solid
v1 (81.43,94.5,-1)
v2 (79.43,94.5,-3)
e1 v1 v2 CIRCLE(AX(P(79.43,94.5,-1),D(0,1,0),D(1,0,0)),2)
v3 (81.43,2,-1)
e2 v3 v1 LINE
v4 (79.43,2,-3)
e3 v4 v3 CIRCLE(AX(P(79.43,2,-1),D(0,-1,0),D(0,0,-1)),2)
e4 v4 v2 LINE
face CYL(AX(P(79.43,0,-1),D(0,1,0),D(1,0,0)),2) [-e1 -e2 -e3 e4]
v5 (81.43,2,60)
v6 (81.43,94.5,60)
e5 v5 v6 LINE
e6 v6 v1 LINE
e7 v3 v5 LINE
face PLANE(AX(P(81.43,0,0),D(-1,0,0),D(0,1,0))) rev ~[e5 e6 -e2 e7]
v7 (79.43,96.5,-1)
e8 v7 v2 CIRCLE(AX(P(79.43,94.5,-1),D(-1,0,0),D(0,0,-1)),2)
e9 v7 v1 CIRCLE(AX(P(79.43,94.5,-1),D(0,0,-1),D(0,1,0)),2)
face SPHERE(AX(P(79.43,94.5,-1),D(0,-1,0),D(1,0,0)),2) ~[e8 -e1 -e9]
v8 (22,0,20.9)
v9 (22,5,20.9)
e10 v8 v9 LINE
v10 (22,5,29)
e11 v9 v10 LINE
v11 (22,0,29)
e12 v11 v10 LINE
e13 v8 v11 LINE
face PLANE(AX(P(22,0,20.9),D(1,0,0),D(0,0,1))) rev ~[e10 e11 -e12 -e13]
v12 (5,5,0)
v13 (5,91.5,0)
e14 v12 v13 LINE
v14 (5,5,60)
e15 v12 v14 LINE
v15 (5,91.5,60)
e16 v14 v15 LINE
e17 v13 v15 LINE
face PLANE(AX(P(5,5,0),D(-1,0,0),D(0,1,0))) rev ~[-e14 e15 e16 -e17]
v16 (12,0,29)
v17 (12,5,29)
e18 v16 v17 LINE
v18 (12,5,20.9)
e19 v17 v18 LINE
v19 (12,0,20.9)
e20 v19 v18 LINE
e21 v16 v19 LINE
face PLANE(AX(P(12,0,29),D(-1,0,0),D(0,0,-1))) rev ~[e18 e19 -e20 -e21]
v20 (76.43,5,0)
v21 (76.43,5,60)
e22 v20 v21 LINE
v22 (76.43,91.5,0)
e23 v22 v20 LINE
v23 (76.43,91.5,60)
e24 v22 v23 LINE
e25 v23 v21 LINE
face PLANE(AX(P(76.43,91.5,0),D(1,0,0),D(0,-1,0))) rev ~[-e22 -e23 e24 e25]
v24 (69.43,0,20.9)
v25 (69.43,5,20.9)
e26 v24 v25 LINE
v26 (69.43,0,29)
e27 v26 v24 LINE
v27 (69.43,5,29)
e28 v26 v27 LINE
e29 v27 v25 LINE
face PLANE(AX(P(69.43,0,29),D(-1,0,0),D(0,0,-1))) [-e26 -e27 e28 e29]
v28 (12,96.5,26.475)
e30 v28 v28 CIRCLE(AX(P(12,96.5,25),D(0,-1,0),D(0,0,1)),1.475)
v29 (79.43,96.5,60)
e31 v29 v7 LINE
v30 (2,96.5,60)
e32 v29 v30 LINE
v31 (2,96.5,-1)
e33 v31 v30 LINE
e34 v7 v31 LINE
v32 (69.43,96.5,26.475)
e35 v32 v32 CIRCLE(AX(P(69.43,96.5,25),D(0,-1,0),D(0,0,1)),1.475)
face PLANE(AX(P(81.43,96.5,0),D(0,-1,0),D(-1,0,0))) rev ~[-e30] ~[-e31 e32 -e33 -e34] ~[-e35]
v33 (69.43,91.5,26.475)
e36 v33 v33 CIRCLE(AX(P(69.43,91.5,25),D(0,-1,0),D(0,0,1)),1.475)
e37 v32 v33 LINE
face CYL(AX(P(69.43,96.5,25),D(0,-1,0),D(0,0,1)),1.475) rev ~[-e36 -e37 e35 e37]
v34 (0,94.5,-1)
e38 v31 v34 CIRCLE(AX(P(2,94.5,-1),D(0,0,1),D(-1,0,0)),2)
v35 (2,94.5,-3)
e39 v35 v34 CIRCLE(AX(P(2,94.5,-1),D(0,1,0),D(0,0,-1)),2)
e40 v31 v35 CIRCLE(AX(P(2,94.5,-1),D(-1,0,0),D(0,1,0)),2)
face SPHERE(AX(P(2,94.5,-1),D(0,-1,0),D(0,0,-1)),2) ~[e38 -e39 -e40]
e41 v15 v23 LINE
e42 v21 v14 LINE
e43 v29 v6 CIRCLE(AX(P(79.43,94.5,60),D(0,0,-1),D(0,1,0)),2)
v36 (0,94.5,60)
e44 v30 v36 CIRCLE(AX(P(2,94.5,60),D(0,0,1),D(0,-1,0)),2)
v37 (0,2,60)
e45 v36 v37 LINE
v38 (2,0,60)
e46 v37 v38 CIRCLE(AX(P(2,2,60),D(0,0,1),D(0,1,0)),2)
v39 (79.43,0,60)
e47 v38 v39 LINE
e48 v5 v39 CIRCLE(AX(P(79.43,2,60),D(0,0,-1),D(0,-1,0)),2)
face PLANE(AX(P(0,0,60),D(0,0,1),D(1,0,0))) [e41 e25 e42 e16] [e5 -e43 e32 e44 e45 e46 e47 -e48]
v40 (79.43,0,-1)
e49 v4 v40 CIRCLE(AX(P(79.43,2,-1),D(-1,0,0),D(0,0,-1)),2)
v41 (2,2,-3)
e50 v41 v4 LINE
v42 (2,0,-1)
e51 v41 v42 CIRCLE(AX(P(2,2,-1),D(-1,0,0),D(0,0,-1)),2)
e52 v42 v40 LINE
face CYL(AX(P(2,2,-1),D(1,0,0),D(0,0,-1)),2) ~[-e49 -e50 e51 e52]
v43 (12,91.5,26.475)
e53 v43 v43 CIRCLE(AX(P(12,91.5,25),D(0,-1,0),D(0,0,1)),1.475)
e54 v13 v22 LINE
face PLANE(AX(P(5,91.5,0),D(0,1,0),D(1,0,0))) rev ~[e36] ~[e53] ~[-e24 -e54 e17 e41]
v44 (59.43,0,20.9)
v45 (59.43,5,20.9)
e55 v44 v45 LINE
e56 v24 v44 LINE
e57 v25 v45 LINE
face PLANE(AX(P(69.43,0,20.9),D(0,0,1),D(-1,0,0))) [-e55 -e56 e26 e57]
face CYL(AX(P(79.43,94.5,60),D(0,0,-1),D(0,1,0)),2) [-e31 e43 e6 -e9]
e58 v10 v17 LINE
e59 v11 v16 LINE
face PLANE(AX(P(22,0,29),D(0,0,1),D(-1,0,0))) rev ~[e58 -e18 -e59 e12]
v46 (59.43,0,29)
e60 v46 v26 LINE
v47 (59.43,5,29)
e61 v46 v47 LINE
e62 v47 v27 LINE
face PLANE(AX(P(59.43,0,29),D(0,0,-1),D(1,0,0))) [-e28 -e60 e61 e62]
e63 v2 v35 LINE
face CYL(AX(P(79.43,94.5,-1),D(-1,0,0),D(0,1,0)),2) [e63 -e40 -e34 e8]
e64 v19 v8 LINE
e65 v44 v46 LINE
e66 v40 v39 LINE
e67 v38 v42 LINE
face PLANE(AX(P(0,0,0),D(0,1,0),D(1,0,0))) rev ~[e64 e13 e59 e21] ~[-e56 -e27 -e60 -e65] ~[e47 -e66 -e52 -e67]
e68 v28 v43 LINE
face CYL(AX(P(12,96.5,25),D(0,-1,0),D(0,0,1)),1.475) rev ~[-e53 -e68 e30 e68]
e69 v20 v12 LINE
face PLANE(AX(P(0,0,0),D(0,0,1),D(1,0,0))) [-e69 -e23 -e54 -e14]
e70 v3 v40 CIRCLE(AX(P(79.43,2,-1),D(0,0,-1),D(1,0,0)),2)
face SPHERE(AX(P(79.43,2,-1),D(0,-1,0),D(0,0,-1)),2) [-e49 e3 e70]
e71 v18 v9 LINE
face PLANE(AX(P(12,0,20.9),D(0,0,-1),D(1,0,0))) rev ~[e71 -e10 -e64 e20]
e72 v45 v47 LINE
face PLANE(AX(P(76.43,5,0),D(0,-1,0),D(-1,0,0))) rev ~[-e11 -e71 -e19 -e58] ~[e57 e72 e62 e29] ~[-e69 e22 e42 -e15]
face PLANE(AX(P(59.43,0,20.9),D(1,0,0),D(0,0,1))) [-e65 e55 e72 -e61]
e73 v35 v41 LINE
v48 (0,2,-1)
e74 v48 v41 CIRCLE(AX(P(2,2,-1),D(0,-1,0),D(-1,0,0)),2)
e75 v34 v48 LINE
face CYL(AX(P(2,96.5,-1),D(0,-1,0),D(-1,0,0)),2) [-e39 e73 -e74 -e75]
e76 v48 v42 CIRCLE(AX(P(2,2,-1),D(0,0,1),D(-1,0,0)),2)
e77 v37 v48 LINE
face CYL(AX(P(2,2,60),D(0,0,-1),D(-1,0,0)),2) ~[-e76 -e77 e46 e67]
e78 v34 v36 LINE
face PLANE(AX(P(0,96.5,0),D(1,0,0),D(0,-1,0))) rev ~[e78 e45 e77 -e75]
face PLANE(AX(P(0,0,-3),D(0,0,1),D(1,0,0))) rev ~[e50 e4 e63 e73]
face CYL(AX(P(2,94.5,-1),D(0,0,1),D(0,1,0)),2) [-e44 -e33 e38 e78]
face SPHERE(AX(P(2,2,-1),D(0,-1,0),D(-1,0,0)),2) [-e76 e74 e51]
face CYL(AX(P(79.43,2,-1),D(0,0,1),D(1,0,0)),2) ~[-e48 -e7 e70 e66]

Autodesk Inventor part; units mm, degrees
ref_plane "YZ Plane" through (0, 0, 0) normal (1, 0, 0) x (0, 1, 0)
ref_plane "XZ Plane" through (0, 0, 0) normal (0, 1, 0) x (-1, 0, 0)
ref_plane "XY Plane" through (0, 0, 0) normal (0, 0, 1) x (1, 0, 0)
sketch "Sketch1" plane through (0, 0, 0) normal (0, 0, 1) x (1, 0, 0)
  line L0 (0, 0) -> (81.43, 0)
  line L1 (81.43, 0) -> (81.43, 96.5)
  line L2 (81.43, 96.5) -> (0, 96.5)
  line L3 (0, 96.5) -> (0, 0)
  line L4 (5, 91.5) -> (76.43, 91.5)
  line L5 (76.43, 91.5) -> (76.43, 5)
  line L6 (76.43, 5) -> (5, 5)
  line L7 (5, 5) -> (5, 91.5)
  dimension "d1" = 81.43
  dimension "d2" = 96.5
  dimension "d3" = 5
  dimension "d4" = 5
  dimension "d5" = 5
  dimension "d6" = 5
extrude "Extrusion1" add sketch "Sketch1" against normal blind 3 contours L3 L2 L1 L0 | L4 L5 L6 L7
extrude "Extrusion2" add sketch "Sketch1" along normal blind 60
fillet "Fillet5" radius 2 2 edges at (0, 48.25, -3) (81.43, 48.25, -3)
fillet "Fillet6" radius 2 10 edges at (0.5858, 0, -2.4142) (0, 0, 29.5) (80.8442, 0, -2.4142) (81.43, 0, 29.5) (40.715, 0, -3) (80.8442, 96.5, -2.4142) (81.43, 96.5, 29.5) (0.5858, 96.5, -2.4142) (0, 96.5, 29.5) (40.715, 96.5, -3)
sketch "Sketch3" plane through (2, 0, 60) normal (0, -1, 0) x (1, 0, 0)
  line L0 (77.43, 0) -> (0, 0)
  line L1 (67.43, -39.1) -> (57.43, -39.1)
  line L2 (57.43, -39.1) -> (57.43, -31)
  line L3 (57.43, -31) -> (67.43, -31)
  line L4 (67.43, -31) -> (67.43, -39.1)
  line L5 (77.43, 0) -> (77.43, -61) projected
  line L6 (77.43, -61) -> (0, -61) projected
  line L7 (20, -31) -> (10, -31)
  line L8 (10, -31) -> (10, -39.1)
  line L9 (10, -39.1) -> (20, -39.1)
  line L10 (20, -39.1) -> (20, -31)
  line L11 (0, -61) -> (0, 0) projected
  point P0 (-2, -60)
  point P1 (77.43, -30)
  point P2 (76.43, -31)
  point P3 (1, -31)
  point P4 (0, -30)
  point P5 (10, -35.05)
  point P6 (73.8173, -31)
  point P7 (3.6124, -31)
  dimension "d38" = 10
  dimension "d39" = 8.1
  dimension "d40" = 10
  dimension "d41" = 21.9
  dimension "d42" = 10
  dimension "d43" = 8.1
  dimension "d44" = 21.9
  dimension "d45" = 10
extrude "Extrusion3" cut sketch "Sketch3" against normal blind 5 contours L1 L2 L3 L4 | L10 L9 L8 L7
sketch "Sketch4" plane through (2, 96.5, 60) normal (0, 1, 0) x (1, 0, 0)
  circle A0 centre (10, 35) radius 4
  line L0 (0, 61) -> (77.43, 61) projected
  line L1 (0, 0) -> (0, 61) projected
  circle A1 centre (67.43, 35) radius 4
  line L2 (77.43, 61) -> (77.43, 0) projected
  point P0 (-2, 60)
  point P1 (1, 31)
  point P2 (76.43, 31)
  point P3 (0, 30)
  point P4 (77.43, 30)
  point P5 (3.6123, 31)
  point P6 (73.8174, 31)
  dimension "d48" = 8
  dimension "d49" = 26
  dimension "d50" = 10
  dimension "d51" = 8
  dimension "d52" = 26
  dimension "d53" = 10
hole "Hole2" at (69.43, 96.5, 25) at (12, 96.5, 25) direction (0, -1, 0) diameter 2.95 depth 5 tip angle 118
equation "\"d52\" = d49"
properties part number "Component_shild_layered_TOPHAT"
